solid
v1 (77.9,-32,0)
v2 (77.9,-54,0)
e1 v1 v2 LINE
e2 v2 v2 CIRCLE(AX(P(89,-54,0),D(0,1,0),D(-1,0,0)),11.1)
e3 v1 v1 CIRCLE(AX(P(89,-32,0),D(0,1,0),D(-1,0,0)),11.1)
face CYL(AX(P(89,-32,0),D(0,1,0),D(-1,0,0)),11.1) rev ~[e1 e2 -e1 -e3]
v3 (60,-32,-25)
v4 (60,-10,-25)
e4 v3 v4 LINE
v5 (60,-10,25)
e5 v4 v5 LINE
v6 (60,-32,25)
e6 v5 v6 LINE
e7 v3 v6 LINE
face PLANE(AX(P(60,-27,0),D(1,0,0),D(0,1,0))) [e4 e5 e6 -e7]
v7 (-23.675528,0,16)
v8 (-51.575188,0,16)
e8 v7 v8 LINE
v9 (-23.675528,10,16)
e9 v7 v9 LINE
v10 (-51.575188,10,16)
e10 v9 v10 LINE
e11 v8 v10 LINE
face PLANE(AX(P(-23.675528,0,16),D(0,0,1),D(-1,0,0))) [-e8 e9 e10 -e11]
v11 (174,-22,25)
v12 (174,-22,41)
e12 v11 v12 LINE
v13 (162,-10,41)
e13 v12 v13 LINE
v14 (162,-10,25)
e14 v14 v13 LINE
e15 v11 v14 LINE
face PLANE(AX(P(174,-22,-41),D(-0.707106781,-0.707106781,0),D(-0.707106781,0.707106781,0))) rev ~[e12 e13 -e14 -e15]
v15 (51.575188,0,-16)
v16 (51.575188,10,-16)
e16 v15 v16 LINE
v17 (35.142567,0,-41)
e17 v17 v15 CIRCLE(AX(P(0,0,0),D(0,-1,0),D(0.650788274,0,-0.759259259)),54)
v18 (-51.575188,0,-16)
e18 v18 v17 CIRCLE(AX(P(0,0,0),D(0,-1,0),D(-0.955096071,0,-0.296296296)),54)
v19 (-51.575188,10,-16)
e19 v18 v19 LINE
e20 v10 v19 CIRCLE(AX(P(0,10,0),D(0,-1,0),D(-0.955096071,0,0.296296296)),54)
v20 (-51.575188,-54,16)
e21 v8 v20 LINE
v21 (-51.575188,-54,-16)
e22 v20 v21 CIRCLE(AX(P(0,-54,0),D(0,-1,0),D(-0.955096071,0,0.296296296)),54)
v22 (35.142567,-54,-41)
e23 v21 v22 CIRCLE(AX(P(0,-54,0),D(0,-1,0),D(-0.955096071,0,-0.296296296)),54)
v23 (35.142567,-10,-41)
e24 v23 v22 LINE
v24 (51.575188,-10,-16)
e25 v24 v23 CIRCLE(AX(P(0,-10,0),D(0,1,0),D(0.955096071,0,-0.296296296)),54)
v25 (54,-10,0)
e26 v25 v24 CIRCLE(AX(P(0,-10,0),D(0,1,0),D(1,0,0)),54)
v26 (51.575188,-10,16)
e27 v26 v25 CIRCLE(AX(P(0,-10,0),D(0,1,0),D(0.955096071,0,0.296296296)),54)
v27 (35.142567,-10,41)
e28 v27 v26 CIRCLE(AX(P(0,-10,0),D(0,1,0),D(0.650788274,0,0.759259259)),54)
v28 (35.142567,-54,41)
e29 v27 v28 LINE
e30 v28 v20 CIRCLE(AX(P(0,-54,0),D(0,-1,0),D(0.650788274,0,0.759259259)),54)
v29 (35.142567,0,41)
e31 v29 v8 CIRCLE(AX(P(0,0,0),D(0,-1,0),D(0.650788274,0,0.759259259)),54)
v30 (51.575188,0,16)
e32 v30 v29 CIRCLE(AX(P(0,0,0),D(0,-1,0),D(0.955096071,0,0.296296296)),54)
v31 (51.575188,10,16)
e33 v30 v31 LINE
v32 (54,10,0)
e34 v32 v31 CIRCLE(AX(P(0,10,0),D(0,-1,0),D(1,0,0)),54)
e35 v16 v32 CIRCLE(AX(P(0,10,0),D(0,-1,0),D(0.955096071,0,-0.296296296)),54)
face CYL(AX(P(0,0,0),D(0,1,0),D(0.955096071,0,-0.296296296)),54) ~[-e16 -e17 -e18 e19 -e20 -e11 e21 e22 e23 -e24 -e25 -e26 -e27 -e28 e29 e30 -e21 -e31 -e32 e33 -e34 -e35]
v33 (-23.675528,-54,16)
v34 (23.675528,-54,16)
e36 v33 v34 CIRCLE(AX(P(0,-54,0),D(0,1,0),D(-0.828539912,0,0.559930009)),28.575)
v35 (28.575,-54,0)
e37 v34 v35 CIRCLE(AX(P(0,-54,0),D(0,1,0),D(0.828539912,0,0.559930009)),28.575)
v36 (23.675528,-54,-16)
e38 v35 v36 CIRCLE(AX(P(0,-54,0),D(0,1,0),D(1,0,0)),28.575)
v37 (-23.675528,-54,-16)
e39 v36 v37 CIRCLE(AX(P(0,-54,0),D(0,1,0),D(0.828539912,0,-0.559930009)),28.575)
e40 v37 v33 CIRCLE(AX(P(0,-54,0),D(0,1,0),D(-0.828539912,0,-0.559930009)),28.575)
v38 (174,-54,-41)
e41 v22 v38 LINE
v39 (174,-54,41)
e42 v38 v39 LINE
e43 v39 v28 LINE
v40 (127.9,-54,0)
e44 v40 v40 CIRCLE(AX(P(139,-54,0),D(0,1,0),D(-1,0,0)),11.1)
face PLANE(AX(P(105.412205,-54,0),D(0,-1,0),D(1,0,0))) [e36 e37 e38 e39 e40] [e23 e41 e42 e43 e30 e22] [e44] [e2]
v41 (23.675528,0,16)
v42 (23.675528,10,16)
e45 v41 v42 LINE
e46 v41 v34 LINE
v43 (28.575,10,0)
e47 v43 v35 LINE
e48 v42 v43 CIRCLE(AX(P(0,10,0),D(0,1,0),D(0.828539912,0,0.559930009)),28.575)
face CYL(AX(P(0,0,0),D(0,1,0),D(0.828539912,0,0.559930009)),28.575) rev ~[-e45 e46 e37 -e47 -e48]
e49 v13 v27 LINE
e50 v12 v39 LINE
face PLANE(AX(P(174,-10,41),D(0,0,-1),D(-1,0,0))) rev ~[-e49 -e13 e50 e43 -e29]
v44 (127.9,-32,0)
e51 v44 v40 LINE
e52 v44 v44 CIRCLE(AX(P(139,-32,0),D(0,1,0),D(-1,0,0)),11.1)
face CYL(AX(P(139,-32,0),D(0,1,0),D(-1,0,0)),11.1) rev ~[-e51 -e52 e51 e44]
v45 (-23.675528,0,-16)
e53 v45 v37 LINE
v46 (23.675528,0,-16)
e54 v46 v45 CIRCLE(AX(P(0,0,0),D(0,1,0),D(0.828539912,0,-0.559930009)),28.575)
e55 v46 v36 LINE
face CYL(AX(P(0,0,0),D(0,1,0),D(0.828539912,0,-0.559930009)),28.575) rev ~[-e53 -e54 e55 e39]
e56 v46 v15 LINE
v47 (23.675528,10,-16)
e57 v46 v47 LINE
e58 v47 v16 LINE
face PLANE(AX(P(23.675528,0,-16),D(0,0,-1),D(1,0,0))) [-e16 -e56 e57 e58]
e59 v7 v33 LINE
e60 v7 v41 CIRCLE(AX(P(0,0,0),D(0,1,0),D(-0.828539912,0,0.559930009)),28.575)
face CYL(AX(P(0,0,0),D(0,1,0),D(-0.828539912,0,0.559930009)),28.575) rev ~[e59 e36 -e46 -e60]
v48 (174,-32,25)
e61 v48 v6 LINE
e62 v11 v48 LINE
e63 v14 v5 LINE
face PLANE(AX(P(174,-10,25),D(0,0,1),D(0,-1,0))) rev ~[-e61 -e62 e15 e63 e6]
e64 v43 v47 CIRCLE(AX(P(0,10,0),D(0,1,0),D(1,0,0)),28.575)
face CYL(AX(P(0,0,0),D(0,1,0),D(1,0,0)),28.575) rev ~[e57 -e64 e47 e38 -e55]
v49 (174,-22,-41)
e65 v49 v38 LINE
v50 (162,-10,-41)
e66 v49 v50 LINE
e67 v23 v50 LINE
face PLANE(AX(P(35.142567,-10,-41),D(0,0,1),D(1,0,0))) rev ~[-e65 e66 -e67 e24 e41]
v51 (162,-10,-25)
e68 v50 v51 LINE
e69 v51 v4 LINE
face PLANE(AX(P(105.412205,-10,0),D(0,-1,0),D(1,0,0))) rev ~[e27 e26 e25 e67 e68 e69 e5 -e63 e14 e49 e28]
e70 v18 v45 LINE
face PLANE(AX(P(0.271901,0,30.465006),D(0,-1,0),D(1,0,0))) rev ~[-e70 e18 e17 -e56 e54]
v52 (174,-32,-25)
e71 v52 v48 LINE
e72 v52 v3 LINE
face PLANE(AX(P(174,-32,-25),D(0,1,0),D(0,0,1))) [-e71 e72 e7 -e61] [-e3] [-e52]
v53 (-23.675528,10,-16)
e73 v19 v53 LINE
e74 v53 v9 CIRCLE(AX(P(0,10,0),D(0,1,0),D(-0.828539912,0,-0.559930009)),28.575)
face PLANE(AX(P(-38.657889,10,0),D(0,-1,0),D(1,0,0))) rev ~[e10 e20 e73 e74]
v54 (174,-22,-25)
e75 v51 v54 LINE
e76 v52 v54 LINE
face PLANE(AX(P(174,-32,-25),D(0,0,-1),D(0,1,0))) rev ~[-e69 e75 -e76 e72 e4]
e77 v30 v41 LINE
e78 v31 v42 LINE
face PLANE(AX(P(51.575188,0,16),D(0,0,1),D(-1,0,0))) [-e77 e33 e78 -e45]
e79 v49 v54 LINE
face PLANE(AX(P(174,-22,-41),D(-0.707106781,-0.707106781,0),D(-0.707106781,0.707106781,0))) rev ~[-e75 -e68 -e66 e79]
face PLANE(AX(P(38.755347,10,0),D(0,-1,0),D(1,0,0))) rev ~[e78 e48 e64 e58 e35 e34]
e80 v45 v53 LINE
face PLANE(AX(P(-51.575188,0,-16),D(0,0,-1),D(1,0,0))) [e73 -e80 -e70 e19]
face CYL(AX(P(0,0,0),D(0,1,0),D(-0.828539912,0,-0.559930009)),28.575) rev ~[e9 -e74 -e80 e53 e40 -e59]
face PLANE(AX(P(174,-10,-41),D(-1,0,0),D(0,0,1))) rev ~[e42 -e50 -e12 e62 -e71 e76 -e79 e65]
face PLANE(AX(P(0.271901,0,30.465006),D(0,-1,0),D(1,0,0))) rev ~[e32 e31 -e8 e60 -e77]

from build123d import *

# Parameters (mm, degrees)
F1_DEPTH = 54
F2_DEPTH = 10
F3_START = 10
F3_DEPTH = 44
F5_DEPTH = 95.001
F6_W     = 10
F6_H     = 50
F6_W_2   = 12
F7_DEPTH = 114
F8_R     = 11.1
F9_DEPTH = 22.001


with BuildPart() as f1:
    # F0 (on Front) → F1 (new body)
    with BuildSketch(Plane.XZ):
        with BuildLine():
            ThreePointArc((-23.6755279772, 16), (0, 28.575), (23.6755279772, 16))
            Line((23.6755279772, 16), (51.5751878329, 16))
            ThreePointArc((51.5751878329, 16), (45.1247409006, 29.6607106903), (35.1425667816, 41))
            ThreePointArc((35.1425667816, 41), (-14.9585346426, 51.8868214612), (-51.5751878329, 16))
            Line((-51.5751878329, 16), (-23.6755279772, 16))
        make_face()
        with BuildLine():
            Line((51.5751878329, -16), (23.6755279772, -16))
            ThreePointArc((23.6755279772, -16), (0, -28.575), (-23.6755279772, -16))
            Line((-23.6755279772, -16), (-51.5751878329, -16))
            ThreePointArc((-51.5751878329, -16), (-14.9585346426, -51.8868214612), (35.1425667816, -41))
            ThreePointArc((35.1425667816, -41), (45.1247409006, -29.6607106903), (51.5751878329, -16))
        make_face()
        with BuildLine():
            ThreePointArc((23.6755279772, 16), (27.3226905424, 8.3666723687), (28.575, 0))
            ThreePointArc((28.575, 0), (27.3226905424, -8.3666723687), (23.6755279772, -16))
            Line((23.6755279772, -16), (51.5751878329, -16))
            ThreePointArc((51.5751878329, -16), (53.3903556037, -8.0913489921), (54, 0))
            ThreePointArc((54, 0), (53.3903556037, 8.0913489921), (51.5751878329, 16))
            Line((51.5751878329, 16), (23.6755279772, 16))
        make_face()
        with BuildLine():
            ThreePointArc((-23.6755279772, -16), (-28.575, 0), (-23.6755279772, 16))
            Line((-23.6755279772, 16), (-51.5751878329, 16))
            ThreePointArc((-51.5751878329, 16), (-54, 0), (-51.5751878329, -16))
            Line((-51.5751878329, -16), (-23.6755279772, -16))
        make_face()
    extrude(amount=F1_DEPTH)

    # F0 (on Front) → F2 (join)
    with BuildSketch(Plane.XZ):
        with BuildLine():
            ThreePointArc((-23.6755279772, -16), (-28.575, 0), (-23.6755279772, 16))
            Line((-23.6755279772, 16), (-51.5751878329, 16))
            ThreePointArc((-51.5751878329, 16), (-54, 0), (-51.5751878329, -16))
            Line((-51.5751878329, -16), (-23.6755279772, -16))
        make_face()
        with BuildLine():
            ThreePointArc((23.6755279772, 16), (27.3226905424, 8.3666723687), (28.575, 0))
            ThreePointArc((28.575, 0), (27.3226905424, -8.3666723687), (23.6755279772, -16))
            Line((23.6755279772, -16), (51.5751878329, -16))
            ThreePointArc((51.5751878329, -16), (53.3903556037, -8.0913489921), (54, 0))
            ThreePointArc((54, 0), (53.3903556037, 8.0913489921), (51.5751878329, 16))
            Line((51.5751878329, 16), (23.6755279772, 16))
        make_face()
    extrude(amount=-F2_DEPTH)

    # F0 (on Front) → F3 (join)
    with BuildSketch(Plane.XZ.offset(F3_START)):
        with BuildLine():
            ThreePointArc((35.1425667816, 41), (45.1247409006, 29.6607106903), (51.5751878329, 16))
            ThreePointArc((51.5751878329, 16), (53.3903556037, 8.0913489921), (54, 0))
            ThreePointArc((54, 0), (53.3903556037, -8.0913489921), (51.5751878329, -16))
            ThreePointArc((51.5751878329, -16), (45.1247409006, -29.6607106903), (35.1425667816, -41))
            Line((35.1425667816, -41), (174, -41))
            Line((174, -41), (174, 41))
            Line((174, 41), (35.1425667816, 41))
        make_face()
    extrude(amount=F3_DEPTH)

    # F4 (on face) → F5 (cut, through all)
    with BuildSketch(Plane(origin=(0, 0, -41), x_dir=(1, 0, 0), z_dir=(0, 0, -1))):
        Polygon((174, 22), (162, 10), (174, 10), align=None)
    extrude(amount=-F5_DEPTH, mode=Mode.SUBTRACT)

    # F6 (on face) → F7 (cut)
    with BuildSketch(Plane.YZ.offset(174)):
        with Locations((-27, 0)):
            Rectangle(F6_W, F6_H)
        with Locations((-16, 0)):
            Rectangle(F6_W_2, F6_H)
    extrude(amount=-F7_DEPTH, mode=Mode.SUBTRACT)

    # F8 (on face) → F9 (cut, through all)
    with BuildSketch(Plane(origin=(0, -32, 0), x_dir=(-1, 0, 0), z_dir=(0, 1, 0))):
        with Locations((-139, 0)):
            Circle(F8_R)
        with Locations((-89, 0)):
            Circle(F8_R)
    extrude(amount=-F9_DEPTH, mode=Mode.SUBTRACT)


solid = f1.part
